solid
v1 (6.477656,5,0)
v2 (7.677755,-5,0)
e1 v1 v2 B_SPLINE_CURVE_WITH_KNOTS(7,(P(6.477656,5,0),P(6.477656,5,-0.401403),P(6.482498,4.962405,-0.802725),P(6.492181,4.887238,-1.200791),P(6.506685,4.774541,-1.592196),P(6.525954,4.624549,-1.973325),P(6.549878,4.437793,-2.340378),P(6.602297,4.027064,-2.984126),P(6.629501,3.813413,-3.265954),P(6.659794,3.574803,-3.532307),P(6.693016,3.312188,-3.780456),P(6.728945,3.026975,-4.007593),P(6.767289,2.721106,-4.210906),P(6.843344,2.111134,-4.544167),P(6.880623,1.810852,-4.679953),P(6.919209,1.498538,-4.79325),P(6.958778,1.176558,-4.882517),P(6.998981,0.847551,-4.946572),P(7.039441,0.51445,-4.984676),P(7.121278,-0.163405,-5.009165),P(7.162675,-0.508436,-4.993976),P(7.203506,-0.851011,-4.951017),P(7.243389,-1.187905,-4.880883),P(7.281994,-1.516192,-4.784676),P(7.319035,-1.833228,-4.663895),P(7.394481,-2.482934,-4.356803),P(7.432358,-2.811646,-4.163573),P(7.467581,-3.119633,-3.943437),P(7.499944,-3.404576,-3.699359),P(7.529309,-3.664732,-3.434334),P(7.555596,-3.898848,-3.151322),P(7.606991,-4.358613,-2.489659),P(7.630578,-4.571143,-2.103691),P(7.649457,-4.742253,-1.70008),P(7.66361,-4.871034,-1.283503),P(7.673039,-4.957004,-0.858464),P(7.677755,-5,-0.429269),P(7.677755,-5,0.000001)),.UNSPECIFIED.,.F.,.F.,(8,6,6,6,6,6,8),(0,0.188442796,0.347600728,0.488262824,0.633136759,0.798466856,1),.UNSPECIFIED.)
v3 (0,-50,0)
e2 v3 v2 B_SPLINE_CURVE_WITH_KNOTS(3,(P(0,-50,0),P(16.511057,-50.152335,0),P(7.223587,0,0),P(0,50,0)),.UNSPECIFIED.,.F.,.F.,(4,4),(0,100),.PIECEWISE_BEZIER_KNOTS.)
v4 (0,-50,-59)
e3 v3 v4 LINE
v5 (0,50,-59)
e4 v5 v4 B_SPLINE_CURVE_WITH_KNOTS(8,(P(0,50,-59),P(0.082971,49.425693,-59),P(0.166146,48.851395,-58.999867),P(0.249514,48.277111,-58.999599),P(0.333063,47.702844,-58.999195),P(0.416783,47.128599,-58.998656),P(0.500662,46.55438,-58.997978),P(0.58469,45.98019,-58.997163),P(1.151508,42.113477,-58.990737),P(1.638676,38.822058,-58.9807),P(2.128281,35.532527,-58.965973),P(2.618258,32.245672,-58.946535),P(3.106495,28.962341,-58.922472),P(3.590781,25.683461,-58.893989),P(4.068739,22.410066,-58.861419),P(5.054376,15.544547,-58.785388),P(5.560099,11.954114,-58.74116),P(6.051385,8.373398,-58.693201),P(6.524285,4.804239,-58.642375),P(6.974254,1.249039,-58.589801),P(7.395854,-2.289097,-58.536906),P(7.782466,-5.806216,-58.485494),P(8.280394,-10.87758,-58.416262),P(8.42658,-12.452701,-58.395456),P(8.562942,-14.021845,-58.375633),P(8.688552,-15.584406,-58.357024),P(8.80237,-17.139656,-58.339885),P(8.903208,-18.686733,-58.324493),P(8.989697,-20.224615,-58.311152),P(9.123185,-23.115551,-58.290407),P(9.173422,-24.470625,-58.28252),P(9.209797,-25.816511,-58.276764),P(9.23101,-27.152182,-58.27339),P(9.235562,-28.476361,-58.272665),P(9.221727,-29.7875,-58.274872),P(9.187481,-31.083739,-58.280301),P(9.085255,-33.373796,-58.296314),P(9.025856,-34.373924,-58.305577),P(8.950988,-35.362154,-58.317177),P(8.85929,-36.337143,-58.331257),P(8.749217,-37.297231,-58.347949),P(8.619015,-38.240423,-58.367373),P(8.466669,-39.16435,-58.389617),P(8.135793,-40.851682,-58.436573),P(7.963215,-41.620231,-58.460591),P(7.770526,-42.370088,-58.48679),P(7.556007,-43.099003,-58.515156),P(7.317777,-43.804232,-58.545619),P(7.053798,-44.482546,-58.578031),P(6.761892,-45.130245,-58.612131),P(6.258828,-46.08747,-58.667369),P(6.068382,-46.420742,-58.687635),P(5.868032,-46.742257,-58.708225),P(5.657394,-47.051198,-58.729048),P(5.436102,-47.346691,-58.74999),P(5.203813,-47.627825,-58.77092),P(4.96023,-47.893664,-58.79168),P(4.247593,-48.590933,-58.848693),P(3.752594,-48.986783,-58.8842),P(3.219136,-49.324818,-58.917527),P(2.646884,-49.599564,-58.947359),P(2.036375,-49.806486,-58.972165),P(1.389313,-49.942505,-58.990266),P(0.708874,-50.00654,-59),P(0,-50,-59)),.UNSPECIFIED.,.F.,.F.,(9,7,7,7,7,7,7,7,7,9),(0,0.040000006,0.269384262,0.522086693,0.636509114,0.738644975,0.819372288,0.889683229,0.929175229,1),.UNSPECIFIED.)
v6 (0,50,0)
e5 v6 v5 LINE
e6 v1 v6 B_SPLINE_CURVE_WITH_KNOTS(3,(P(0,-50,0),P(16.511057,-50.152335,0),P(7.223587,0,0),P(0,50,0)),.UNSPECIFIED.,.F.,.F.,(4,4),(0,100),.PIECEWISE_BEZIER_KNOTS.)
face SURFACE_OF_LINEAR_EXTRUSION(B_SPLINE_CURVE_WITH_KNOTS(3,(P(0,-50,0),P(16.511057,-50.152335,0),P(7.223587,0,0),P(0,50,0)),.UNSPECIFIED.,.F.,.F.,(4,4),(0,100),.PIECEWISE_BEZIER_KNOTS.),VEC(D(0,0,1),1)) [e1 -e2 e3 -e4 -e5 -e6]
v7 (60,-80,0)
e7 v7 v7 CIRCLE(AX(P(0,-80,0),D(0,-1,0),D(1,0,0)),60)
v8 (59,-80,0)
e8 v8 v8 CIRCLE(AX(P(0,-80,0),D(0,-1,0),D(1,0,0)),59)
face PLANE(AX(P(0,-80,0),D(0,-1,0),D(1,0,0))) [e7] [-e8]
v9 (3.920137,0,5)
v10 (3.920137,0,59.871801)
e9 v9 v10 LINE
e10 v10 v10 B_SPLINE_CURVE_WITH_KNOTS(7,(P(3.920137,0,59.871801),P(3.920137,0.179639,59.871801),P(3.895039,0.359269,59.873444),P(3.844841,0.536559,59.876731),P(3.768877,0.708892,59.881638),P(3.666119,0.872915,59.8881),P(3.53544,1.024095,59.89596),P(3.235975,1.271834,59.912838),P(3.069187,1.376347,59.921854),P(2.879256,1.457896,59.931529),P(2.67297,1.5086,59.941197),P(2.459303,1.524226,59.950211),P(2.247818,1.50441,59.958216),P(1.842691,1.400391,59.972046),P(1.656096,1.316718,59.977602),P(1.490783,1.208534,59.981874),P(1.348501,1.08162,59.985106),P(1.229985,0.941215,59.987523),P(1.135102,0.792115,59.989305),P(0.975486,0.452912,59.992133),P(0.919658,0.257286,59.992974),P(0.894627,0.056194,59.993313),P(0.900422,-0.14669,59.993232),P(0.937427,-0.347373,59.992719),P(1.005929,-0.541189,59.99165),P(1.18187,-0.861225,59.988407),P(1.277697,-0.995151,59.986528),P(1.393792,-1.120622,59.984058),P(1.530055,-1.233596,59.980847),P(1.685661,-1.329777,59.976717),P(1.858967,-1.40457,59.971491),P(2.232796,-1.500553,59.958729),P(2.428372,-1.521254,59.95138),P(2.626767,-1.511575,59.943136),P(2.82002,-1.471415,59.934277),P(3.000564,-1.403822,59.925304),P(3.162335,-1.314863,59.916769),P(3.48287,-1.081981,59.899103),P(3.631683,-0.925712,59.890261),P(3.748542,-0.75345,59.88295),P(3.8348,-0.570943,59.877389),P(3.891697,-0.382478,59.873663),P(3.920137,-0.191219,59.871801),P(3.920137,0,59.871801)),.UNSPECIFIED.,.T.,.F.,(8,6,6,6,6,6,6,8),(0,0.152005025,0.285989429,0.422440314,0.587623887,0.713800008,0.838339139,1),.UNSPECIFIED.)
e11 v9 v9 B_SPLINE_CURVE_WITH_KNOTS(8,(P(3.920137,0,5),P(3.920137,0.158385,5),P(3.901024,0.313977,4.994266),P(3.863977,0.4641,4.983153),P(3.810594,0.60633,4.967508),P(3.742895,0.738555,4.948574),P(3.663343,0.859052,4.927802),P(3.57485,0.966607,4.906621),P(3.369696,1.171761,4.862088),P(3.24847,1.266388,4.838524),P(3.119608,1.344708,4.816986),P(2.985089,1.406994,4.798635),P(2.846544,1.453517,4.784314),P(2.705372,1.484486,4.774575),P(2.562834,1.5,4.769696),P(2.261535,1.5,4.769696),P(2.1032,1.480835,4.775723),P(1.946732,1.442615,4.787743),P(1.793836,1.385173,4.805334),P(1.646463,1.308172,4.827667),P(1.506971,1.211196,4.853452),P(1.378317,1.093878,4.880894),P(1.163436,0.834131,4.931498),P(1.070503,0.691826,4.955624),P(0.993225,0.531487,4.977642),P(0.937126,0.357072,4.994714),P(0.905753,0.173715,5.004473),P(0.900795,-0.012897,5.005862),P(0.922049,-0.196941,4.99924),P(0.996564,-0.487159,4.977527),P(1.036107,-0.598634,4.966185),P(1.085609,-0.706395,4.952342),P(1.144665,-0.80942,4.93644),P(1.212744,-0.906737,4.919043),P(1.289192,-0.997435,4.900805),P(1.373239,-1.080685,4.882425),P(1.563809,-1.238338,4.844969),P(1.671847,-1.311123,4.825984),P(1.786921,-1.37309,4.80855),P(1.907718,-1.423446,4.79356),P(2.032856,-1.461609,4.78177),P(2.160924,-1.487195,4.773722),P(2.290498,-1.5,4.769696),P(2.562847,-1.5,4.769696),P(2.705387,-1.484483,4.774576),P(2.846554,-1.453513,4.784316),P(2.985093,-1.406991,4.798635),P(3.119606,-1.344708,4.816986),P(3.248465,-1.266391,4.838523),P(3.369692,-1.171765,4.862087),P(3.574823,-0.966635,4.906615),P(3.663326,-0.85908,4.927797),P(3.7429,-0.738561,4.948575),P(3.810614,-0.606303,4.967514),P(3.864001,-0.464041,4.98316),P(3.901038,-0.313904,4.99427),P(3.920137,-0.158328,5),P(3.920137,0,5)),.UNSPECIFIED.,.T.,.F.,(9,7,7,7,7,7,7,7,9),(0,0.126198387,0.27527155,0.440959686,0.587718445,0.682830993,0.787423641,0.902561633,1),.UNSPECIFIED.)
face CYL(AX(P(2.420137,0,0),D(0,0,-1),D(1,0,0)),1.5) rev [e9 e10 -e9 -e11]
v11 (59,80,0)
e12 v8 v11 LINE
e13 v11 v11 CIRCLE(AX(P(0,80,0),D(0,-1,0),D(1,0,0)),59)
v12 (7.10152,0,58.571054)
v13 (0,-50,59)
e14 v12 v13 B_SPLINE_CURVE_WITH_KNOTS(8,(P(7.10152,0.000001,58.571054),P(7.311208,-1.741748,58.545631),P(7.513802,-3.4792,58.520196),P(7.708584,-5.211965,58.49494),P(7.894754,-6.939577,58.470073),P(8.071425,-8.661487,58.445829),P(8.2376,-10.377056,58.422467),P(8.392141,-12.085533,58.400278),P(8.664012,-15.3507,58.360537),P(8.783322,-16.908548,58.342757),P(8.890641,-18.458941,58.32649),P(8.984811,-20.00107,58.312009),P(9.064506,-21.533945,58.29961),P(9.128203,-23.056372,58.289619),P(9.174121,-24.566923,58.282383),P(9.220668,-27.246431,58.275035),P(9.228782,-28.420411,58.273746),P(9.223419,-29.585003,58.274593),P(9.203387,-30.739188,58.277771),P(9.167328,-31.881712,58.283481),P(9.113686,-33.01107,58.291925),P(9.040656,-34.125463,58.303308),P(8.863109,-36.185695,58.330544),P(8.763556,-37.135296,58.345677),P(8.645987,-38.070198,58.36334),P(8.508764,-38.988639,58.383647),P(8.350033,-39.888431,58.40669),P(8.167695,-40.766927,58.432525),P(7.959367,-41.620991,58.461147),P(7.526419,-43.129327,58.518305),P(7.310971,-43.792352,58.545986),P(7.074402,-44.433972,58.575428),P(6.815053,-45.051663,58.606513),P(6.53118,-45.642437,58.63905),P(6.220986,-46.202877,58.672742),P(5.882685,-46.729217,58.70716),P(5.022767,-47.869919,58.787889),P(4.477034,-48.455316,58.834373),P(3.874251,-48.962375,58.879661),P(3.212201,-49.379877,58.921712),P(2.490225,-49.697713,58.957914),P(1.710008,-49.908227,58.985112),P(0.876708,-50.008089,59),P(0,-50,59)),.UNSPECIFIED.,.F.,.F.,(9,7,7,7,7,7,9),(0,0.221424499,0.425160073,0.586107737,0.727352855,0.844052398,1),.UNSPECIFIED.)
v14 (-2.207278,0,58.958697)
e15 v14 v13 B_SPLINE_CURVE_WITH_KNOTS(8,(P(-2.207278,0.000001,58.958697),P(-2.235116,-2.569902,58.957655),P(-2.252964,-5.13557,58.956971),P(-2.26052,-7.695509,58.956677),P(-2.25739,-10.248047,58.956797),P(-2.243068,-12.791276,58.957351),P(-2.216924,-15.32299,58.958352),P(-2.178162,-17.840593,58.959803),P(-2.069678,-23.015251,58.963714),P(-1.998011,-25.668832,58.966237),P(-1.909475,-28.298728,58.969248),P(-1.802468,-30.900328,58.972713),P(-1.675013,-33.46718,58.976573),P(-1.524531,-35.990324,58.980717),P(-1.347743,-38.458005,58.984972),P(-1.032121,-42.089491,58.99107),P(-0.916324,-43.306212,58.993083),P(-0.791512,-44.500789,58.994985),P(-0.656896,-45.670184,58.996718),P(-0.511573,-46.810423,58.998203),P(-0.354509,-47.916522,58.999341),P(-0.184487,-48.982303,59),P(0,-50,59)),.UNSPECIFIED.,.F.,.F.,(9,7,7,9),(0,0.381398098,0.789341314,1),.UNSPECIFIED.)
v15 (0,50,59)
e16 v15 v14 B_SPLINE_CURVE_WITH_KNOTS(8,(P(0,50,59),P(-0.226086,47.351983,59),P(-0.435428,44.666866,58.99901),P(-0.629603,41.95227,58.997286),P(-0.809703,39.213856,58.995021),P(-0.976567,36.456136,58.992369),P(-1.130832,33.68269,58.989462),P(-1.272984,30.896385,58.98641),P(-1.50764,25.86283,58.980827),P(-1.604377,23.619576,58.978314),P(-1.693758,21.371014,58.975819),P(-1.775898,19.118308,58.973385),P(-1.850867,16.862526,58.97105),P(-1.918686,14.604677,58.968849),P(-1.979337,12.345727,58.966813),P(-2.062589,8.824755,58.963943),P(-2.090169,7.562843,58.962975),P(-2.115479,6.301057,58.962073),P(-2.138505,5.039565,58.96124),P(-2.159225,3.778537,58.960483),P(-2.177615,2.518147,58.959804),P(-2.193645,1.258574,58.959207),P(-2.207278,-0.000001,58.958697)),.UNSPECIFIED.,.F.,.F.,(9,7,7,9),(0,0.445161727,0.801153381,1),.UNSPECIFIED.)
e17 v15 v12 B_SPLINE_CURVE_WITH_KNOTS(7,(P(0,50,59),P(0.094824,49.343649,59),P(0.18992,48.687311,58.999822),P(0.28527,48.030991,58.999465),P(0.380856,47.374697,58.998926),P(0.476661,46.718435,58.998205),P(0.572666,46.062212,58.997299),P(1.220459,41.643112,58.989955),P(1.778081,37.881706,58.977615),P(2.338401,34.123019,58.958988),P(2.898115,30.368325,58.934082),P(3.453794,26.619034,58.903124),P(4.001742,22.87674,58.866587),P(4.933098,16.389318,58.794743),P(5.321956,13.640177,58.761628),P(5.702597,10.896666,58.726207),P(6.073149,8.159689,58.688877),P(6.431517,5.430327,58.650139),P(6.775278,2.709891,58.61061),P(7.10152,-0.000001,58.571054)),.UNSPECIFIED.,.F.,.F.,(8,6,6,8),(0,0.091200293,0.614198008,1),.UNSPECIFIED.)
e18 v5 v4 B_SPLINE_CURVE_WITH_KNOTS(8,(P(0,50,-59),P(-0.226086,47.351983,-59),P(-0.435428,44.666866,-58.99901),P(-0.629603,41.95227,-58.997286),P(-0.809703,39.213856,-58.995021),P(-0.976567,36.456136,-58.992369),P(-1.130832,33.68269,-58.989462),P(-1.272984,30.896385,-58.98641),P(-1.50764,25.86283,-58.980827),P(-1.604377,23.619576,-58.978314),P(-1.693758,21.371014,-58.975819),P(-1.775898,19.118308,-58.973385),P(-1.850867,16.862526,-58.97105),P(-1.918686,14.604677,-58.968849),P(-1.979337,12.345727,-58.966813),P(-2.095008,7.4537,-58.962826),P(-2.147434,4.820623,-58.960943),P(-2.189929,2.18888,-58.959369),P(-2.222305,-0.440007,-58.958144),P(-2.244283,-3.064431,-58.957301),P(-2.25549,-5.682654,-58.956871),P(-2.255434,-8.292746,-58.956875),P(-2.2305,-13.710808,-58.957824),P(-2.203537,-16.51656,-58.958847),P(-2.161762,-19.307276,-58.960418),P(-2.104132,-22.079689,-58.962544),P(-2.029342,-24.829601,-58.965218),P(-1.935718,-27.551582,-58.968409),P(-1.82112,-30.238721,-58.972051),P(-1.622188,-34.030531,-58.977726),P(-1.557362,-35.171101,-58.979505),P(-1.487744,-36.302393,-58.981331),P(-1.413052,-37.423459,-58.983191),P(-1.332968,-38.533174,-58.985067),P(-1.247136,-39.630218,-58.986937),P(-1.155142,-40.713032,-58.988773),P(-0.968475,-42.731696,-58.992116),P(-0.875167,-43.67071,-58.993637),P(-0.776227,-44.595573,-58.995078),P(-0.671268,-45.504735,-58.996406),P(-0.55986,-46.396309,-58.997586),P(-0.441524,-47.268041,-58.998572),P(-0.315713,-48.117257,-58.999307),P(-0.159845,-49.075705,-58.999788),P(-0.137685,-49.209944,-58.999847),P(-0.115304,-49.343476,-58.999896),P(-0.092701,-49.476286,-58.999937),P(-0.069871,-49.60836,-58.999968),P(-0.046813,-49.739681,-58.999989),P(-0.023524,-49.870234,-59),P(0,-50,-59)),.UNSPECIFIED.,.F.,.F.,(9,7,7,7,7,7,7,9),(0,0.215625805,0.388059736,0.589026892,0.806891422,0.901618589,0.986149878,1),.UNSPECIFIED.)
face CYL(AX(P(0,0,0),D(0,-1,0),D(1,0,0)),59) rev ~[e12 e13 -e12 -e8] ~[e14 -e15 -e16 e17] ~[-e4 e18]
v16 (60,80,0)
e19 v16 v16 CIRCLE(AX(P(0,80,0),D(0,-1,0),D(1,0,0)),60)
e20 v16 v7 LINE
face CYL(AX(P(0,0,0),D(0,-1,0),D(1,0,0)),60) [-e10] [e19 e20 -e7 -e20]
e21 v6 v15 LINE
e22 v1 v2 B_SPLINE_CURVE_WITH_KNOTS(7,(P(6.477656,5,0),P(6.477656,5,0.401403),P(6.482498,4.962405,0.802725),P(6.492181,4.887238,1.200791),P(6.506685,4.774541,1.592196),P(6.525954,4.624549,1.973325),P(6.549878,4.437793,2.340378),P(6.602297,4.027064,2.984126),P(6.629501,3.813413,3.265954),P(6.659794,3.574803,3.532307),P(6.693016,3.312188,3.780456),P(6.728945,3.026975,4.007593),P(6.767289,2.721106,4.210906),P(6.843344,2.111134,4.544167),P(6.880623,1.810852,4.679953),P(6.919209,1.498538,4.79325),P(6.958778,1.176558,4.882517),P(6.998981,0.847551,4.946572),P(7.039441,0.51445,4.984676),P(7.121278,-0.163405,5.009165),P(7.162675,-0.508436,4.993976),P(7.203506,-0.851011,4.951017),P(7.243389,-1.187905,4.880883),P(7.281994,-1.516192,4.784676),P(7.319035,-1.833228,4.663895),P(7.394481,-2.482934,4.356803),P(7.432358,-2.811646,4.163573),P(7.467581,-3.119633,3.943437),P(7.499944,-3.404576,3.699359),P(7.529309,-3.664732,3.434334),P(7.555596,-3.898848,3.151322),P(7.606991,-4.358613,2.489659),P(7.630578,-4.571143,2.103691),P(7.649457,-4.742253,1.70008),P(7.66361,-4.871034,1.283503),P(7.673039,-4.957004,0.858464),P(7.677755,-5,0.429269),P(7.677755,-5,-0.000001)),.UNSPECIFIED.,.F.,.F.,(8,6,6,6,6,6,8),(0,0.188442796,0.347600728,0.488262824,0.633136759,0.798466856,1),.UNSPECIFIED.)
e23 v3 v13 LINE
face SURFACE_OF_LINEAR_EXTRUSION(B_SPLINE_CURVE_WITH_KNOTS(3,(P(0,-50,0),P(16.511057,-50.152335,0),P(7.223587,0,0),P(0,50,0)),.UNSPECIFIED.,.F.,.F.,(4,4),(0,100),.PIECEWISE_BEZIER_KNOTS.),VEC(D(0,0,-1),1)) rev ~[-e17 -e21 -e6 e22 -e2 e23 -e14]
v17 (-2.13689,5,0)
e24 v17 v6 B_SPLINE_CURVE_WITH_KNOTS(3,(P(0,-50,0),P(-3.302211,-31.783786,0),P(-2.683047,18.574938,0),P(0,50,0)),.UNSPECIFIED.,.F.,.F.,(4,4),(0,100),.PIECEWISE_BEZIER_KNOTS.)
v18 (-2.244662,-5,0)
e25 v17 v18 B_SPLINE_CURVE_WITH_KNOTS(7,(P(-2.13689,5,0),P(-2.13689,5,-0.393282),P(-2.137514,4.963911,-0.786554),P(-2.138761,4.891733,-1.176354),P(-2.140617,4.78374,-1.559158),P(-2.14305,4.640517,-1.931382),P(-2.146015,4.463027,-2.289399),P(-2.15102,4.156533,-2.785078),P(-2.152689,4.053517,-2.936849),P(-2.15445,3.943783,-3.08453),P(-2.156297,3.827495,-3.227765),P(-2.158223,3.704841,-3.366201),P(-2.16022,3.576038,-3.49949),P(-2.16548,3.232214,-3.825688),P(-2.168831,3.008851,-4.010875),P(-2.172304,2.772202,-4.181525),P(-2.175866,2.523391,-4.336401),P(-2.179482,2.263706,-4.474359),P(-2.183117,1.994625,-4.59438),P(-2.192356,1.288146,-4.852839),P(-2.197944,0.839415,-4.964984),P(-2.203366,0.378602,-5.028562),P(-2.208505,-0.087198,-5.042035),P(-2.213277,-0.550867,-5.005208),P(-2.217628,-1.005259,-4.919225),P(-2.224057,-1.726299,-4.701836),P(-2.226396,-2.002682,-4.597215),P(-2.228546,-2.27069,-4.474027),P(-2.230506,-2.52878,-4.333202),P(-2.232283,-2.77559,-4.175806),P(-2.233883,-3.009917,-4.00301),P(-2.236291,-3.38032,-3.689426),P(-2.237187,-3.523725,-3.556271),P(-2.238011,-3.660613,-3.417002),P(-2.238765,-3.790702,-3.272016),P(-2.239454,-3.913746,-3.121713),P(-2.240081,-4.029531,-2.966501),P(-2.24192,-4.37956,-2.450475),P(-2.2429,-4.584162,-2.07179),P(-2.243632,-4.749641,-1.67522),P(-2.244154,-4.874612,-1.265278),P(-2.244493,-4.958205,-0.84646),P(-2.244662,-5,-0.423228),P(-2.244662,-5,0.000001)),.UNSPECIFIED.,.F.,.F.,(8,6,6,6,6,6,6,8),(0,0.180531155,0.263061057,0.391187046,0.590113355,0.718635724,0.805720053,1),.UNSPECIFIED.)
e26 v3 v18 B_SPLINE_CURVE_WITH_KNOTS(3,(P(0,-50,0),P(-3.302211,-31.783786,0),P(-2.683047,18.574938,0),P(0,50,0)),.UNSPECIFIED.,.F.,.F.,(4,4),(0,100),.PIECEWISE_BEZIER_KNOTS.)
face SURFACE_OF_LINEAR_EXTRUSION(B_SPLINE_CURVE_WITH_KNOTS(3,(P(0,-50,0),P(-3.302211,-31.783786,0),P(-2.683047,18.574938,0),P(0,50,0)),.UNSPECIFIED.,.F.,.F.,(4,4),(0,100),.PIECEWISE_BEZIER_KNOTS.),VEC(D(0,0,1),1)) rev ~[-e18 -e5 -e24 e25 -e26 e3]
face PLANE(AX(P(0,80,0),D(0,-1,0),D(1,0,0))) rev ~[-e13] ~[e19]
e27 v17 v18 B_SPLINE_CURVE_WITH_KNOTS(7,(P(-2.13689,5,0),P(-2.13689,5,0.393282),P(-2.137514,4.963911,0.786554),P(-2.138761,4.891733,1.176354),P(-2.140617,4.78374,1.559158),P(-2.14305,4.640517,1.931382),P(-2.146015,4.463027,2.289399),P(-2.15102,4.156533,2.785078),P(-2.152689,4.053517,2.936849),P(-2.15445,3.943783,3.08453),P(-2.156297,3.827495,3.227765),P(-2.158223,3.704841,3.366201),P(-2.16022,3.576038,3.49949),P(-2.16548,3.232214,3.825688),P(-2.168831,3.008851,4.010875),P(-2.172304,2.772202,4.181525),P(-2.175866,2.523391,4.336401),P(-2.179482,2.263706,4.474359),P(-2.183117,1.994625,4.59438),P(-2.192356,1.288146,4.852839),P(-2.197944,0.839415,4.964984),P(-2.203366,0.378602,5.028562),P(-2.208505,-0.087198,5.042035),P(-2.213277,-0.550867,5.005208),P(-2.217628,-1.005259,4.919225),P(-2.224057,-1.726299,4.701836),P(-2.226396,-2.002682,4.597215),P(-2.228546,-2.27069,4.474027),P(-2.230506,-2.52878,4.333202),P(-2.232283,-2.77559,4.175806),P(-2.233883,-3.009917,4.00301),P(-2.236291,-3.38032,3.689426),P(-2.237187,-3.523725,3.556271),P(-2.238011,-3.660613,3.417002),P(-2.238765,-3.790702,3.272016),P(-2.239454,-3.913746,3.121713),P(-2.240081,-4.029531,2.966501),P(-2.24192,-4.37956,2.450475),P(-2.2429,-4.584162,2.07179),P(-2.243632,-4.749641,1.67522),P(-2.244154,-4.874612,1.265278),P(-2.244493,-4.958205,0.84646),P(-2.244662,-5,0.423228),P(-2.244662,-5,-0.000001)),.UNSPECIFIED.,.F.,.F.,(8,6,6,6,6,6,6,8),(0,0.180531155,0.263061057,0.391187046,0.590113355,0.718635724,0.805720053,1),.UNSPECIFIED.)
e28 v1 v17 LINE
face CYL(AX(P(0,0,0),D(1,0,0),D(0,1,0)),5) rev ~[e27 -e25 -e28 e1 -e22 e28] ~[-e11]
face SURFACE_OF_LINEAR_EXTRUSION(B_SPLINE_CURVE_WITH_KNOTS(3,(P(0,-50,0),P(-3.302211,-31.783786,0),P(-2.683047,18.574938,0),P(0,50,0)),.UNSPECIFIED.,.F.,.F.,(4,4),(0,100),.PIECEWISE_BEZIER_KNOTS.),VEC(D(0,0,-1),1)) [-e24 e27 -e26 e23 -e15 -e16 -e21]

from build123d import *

# Parameters (mm, degrees)
F0_R          = 60
F0_R_2        = 59
F1_DEPTH      = 80
F1_DEPTH_BACK = 80
F2_R          = 1.5
F3_DEPTH      = 59.0000001
F3_DEPTH_BACK = 59.0000001
F4_R          = 5
F5_DEPTH      = 2.2456623517
F5_DEPTH_BACK = 7.6787548984
F6_DEPTH      = 60.001


with BuildPart() as f1:
    # F0 (on Front) → F1 (new body, two sides)
    with BuildSketch(Plane.XZ) as f1_sk:
        Circle(F0_R)
        Circle(F0_R_2, mode=Mode.SUBTRACT)
    extrude(amount=F1_DEPTH)
    extrude(f1_sk.sketch, amount=-F1_DEPTH_BACK)

    # F2 (on Top) → F3 (join, two sides)
    with BuildSketch(Plane.XY) as f3_sk:
        with BuildLine():
            add(Edge.make_bspline(
                [(0, -50), (-3.3022109419, -31.783785671), (-2.6830465067, 18.5749381781), (0, 50)],
                knots=[0, 0, 0, 0, 100, 100, 100, 100], degree=3))
            add(Edge.make_bspline(
                [(0, -50), (16.5110565722, -50.1523353159), (7.2235865518, 0), (0, 50)],
                knots=[0, 0, 0, 0, 100, 100, 100, 100], degree=3))
        make_face()
        with Locations((2.4201369379, 0)):
            Circle(F2_R, mode=Mode.SUBTRACT)
        with Locations((2.4201369379, 0)):
            Circle(F2_R)
    extrude(amount=F3_DEPTH)
    extrude(f3_sk.sketch, amount=-F3_DEPTH_BACK)

    # F4 (on Right) → F5 (cut, two sides)
    with BuildSketch(Plane.YZ) as f5_sk:
        Circle(F4_R)
    extrude(amount=-F5_DEPTH, mode=Mode.SUBTRACT)
    extrude(f5_sk.sketch, amount=F5_DEPTH_BACK, mode=Mode.SUBTRACT)

    # F2 (on Top) → F6 (cut, through all)
    with BuildSketch(Plane.XY):
        with Locations((2.4201369379, 0)):
            Circle(F2_R)
    extrude(amount=F6_DEPTH, mode=Mode.SUBTRACT)


solid = f1.part
